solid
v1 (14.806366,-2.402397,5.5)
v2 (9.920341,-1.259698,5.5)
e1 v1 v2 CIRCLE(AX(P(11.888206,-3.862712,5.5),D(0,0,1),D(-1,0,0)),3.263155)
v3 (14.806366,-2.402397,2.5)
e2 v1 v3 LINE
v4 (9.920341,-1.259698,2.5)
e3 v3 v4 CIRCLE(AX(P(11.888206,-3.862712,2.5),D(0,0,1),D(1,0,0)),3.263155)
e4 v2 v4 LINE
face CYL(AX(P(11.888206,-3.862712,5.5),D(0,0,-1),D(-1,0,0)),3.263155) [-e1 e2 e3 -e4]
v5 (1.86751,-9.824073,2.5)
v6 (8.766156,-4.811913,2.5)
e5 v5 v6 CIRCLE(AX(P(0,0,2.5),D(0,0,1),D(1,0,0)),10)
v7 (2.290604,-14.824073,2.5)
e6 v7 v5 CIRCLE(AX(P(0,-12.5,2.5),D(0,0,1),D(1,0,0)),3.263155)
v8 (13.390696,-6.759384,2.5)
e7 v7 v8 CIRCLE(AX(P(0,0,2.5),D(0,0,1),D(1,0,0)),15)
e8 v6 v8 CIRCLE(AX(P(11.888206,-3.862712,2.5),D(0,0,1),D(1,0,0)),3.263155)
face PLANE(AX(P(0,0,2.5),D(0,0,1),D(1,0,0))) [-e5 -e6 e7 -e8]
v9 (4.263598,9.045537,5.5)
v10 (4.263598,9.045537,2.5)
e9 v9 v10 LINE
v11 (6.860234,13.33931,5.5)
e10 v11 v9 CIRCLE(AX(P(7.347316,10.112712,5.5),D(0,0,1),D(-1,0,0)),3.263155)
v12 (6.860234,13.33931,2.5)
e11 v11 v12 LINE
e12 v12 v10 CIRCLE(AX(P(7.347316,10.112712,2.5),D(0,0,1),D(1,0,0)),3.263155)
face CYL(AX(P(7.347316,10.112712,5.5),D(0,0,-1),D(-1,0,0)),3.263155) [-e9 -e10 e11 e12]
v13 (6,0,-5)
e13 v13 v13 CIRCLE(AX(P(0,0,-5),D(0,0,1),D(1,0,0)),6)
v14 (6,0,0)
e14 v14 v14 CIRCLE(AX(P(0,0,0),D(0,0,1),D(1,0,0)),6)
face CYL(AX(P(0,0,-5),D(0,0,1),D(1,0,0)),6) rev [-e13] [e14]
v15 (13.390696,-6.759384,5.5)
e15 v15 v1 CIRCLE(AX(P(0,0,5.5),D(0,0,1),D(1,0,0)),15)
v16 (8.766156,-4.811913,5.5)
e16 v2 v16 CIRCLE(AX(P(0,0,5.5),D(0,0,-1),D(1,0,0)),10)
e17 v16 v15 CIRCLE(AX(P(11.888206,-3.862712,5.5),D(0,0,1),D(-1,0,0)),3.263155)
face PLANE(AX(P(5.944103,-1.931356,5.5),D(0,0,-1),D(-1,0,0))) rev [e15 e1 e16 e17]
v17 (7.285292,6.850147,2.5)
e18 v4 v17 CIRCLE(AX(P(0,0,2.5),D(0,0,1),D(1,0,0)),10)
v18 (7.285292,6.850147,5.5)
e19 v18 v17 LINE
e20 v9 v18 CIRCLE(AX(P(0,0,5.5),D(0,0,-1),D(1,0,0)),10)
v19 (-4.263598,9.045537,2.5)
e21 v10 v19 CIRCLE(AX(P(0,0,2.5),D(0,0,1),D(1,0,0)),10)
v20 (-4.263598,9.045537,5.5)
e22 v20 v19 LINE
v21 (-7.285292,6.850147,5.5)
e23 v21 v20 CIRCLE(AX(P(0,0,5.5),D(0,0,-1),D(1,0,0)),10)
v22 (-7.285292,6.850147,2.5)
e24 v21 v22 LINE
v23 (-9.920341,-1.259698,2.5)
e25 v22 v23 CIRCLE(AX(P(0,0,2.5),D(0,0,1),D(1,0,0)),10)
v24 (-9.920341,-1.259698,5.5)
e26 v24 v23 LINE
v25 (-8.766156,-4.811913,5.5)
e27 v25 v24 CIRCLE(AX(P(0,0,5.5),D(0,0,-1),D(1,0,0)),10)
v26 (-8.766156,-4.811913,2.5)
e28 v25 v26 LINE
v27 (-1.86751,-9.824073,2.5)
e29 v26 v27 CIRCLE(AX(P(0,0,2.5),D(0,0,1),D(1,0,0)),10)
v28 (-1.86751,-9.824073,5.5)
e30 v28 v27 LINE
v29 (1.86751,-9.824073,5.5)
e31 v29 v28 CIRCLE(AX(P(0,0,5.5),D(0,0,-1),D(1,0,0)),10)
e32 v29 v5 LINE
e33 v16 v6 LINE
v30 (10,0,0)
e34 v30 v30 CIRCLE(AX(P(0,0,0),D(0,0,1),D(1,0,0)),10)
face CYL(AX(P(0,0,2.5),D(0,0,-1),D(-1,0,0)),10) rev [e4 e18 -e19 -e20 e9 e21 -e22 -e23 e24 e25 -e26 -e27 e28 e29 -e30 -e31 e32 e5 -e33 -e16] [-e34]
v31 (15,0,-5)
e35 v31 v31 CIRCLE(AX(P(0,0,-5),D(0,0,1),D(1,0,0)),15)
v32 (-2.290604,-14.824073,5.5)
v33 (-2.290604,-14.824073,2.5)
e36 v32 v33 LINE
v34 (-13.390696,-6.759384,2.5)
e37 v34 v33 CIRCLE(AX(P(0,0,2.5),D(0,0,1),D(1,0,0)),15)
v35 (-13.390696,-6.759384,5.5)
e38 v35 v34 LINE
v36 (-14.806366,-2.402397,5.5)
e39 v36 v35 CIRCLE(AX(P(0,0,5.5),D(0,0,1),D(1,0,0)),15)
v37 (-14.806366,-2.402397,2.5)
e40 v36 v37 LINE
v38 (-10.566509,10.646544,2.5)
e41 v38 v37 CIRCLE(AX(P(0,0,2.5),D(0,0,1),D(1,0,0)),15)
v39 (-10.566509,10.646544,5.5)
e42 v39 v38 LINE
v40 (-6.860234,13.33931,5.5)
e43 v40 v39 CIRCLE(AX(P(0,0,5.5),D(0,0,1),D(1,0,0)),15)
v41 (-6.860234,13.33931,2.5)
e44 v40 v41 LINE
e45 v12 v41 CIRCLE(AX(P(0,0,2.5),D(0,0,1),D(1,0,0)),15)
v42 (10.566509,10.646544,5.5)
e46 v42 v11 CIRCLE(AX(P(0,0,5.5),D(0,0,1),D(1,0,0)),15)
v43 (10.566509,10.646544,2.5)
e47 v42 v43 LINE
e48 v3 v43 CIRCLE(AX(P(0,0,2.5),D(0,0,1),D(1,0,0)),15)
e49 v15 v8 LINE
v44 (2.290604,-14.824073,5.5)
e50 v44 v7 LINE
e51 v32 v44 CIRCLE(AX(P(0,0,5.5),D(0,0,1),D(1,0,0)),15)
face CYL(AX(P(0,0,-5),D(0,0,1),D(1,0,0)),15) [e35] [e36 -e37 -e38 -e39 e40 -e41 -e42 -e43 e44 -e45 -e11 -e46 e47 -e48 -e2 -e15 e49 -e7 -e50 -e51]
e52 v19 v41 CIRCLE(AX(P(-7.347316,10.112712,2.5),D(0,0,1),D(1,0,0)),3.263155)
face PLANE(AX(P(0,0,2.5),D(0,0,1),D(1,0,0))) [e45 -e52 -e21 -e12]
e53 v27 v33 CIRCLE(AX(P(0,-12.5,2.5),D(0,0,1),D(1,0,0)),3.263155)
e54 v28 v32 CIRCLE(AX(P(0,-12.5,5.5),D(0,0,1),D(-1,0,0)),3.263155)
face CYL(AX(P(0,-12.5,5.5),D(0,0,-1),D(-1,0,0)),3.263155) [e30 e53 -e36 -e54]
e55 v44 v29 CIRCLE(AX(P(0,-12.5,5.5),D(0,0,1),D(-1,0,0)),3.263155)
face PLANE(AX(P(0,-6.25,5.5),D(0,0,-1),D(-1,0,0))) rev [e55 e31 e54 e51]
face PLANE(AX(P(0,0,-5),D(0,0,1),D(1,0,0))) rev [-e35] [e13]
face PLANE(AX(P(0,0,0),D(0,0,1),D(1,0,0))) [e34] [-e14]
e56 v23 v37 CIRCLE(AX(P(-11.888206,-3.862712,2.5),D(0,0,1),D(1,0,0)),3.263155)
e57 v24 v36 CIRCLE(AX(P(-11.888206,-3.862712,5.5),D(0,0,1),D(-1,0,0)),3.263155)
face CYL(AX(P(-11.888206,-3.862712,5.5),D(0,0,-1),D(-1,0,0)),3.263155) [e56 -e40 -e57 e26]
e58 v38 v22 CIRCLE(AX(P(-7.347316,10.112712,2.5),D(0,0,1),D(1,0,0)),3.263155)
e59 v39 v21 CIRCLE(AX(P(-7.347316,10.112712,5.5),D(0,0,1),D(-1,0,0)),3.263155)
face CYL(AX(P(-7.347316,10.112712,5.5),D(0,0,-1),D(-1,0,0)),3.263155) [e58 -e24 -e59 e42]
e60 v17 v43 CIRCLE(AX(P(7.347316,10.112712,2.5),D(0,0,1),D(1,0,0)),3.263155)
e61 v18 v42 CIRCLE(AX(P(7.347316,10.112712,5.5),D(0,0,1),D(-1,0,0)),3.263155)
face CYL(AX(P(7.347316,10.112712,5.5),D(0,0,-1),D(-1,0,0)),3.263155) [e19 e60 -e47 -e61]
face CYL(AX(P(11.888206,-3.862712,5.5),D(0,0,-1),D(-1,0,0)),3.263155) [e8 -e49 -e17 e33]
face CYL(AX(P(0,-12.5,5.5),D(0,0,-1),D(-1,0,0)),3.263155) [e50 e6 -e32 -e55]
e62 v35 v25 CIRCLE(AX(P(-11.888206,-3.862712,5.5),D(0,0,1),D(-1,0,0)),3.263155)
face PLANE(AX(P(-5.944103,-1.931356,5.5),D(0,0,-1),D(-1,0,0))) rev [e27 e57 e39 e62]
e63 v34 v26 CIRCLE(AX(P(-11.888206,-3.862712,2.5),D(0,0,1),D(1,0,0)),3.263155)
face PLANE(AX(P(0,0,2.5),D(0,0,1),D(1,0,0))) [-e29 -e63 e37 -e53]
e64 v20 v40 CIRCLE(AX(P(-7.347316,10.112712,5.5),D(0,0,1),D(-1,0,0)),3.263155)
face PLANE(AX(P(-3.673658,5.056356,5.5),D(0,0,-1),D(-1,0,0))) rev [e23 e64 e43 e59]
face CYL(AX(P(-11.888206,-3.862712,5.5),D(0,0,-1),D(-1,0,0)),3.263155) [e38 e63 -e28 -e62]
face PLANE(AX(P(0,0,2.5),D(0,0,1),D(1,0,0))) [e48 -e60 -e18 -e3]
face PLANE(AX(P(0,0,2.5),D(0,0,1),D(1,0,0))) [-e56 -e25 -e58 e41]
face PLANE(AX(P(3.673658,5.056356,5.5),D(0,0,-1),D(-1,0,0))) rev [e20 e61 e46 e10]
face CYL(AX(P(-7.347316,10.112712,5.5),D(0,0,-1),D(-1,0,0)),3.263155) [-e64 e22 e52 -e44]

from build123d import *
from build123d.topology import SkipClean

# Parameters (mm, degrees)
SKETCH1_R           = 15
SKETCH1_R_2         = 10
SKETCH1_R_3         = 6
BOSS_EXTRUDE1_DEPTH = 5
BOSS_EXTRUDE2_START = 2.5
SKETCH2_R           = 15
SKETCH2_R_2         = 10
BOSS_EXTRUDE2_DEPTH = 2.5
BOSS_EXTRUDE4_START = 3
BOSS_EXTRUDE4_DEPTH = 3


with BuildPart() as part:
    # Sketch1 → Boss-Extrude1 (new body)
    # profile 1 of 2: a face of its own
    with BuildSketch(Plane.XY):
        Circle(SKETCH1_R)
        Circle(SKETCH1_R_2, mode=Mode.SUBTRACT)
    # profile 2 of 2: a face of its own
    with BuildSketch(Plane.XY):
        Circle(SKETCH1_R_2)
        Circle(SKETCH1_R_3, mode=Mode.SUBTRACT)
    extrude(amount=-BOSS_EXTRUDE1_DEPTH)

    # Sketch2 → Boss-Extrude2 (add)
    with BuildSketch(Plane.XY.offset(BOSS_EXTRUDE2_START)):
        Circle(SKETCH2_R)
        Circle(SKETCH2_R_2, mode=Mode.SUBTRACT)
    extrude(amount=-BOSS_EXTRUDE2_DEPTH)

    # Sketch3 → Boss-Extrude4 (add)
    with SkipClean():  # the faces are left unmerged after this step: merging them gives an invalid solid
        with BuildSketch(Plane.XY.offset(2.5).offset(BOSS_EXTRUDE4_START)):
            with BuildLine():
                ThreePointArc((-2.290603582, -14.824072829), (0, -15), (2.290603582, -14.824072829))
                ThreePointArc((2.290603582, -14.824072829), (3.086155614, -13.560105094), (3.235238064, -12.074072829))
                ThreePointArc((3.235238064, -12.074072829), (2.788392741, -10.80499404), (1.867509855, -9.824072829))
                ThreePointArc((1.867509855, -9.824072829), (0, -10), (-1.867509855, -9.824072829))
                ThreePointArc((-1.867509855, -9.824072829), (-2.788392741, -10.80499404), (-3.235238064, -12.074072829))
                ThreePointArc((-3.235238064, -12.074072829), (-3.086155614, -13.560105094), (-2.290603582, -14.824072829))
            make_face()
            with BuildLine():
                ThreePointArc((-14.806366496, -2.402396967), (-14.265847744, -4.635254916), (-13.390695627, -6.759383893))
                ThreePointArc((-13.390695627, -6.759383893), (-11.942751779, -7.125411327), (-10.483382099, -6.807987938))
                ThreePointArc((-10.483382099, -6.807987938), (-9.414499246, -5.990845869), (-8.766156198, -4.811912875))
                ThreePointArc((-8.766156198, -4.811912875), (-9.510565163, -3.090169944), (-9.920340763, -1.259698041))
                ThreePointArc((-9.920340763, -1.259698041), (-11.137820734, -0.687007696), (-12.482869184, -0.654199453))
                ThreePointArc((-12.482869184, -0.654199453), (-13.850100843, -1.255194512), (-14.806366496, -2.402396967))
            make_face()
            with BuildLine():
                ThreePointArc((-6.860234162, 13.339309849), (-8.816778784, 12.135254916), (-10.566508613, 10.64654384))
                ThreePointArc((-10.566508613, 10.64654384), (-10.467182133, 9.15635871), (-9.714324518, 7.866504888))
                ThreePointArc((-9.714324518, 7.866504888), (-8.606873263, 7.102447672), (-7.285292336, 6.850147121))
                ThreePointArc((-7.285292336, 6.850147121), (-5.877852523, 8.090169944), (-4.263597916, 9.045536624))
                ThreePointArc((-4.263597916, 9.045536624), (-4.095159033, 10.380399934), (-4.479599369, 11.669755331))
                ThreePointArc((-4.479599369, 11.669755331), (-5.473677455, 12.784352223), (-6.860234162, 13.339309849))
            make_face()
            with BuildLine():
                ThreePointArc((10.566508613, 10.64654384), (8.816778784, 12.135254916), (6.860234162, 13.339309849))
                ThreePointArc((6.860234162, 13.339309849), (5.473677455, 12.784352223), (4.479599369, 11.669755331))
                ThreePointArc((4.479599369, 11.669755331), (4.095159033, 10.380399934), (4.263597916, 9.045536624))
                ThreePointArc((4.263597916, 9.045536624), (5.877852523, 8.090169944), (7.285292336, 6.850147121))
                ThreePointArc((7.285292336, 6.850147121), (8.606873263, 7.102447672), (9.714324518, 7.866504888))
                ThreePointArc((9.714324518, 7.866504888), (10.467182133, 9.15635871), (10.566508613, 10.64654384))
            make_face()
            with BuildLine():
                ThreePointArc((13.390695627, -6.759383893), (14.265847744, -4.635254916), (14.806366496, -2.402396967))
                ThreePointArc((14.806366496, -2.402396967), (13.850100843, -1.255194512), (12.482869184, -0.654199453))
                ThreePointArc((12.482869184, -0.654199453), (11.137820734, -0.687007696), (9.920340763, -1.259698041))
                ThreePointArc((9.920340763, -1.259698041), (9.510565163, -3.090169944), (8.766156198, -4.811912875))
                ThreePointArc((8.766156198, -4.811912875), (9.414499246, -5.990845869), (10.483382099, -6.807987938))
                ThreePointArc((10.483382099, -6.807987938), (11.942751779, -7.125411327), (13.390695627, -6.759383893))
            make_face()
        extrude(amount=-BOSS_EXTRUDE4_DEPTH)


solid = part.part
